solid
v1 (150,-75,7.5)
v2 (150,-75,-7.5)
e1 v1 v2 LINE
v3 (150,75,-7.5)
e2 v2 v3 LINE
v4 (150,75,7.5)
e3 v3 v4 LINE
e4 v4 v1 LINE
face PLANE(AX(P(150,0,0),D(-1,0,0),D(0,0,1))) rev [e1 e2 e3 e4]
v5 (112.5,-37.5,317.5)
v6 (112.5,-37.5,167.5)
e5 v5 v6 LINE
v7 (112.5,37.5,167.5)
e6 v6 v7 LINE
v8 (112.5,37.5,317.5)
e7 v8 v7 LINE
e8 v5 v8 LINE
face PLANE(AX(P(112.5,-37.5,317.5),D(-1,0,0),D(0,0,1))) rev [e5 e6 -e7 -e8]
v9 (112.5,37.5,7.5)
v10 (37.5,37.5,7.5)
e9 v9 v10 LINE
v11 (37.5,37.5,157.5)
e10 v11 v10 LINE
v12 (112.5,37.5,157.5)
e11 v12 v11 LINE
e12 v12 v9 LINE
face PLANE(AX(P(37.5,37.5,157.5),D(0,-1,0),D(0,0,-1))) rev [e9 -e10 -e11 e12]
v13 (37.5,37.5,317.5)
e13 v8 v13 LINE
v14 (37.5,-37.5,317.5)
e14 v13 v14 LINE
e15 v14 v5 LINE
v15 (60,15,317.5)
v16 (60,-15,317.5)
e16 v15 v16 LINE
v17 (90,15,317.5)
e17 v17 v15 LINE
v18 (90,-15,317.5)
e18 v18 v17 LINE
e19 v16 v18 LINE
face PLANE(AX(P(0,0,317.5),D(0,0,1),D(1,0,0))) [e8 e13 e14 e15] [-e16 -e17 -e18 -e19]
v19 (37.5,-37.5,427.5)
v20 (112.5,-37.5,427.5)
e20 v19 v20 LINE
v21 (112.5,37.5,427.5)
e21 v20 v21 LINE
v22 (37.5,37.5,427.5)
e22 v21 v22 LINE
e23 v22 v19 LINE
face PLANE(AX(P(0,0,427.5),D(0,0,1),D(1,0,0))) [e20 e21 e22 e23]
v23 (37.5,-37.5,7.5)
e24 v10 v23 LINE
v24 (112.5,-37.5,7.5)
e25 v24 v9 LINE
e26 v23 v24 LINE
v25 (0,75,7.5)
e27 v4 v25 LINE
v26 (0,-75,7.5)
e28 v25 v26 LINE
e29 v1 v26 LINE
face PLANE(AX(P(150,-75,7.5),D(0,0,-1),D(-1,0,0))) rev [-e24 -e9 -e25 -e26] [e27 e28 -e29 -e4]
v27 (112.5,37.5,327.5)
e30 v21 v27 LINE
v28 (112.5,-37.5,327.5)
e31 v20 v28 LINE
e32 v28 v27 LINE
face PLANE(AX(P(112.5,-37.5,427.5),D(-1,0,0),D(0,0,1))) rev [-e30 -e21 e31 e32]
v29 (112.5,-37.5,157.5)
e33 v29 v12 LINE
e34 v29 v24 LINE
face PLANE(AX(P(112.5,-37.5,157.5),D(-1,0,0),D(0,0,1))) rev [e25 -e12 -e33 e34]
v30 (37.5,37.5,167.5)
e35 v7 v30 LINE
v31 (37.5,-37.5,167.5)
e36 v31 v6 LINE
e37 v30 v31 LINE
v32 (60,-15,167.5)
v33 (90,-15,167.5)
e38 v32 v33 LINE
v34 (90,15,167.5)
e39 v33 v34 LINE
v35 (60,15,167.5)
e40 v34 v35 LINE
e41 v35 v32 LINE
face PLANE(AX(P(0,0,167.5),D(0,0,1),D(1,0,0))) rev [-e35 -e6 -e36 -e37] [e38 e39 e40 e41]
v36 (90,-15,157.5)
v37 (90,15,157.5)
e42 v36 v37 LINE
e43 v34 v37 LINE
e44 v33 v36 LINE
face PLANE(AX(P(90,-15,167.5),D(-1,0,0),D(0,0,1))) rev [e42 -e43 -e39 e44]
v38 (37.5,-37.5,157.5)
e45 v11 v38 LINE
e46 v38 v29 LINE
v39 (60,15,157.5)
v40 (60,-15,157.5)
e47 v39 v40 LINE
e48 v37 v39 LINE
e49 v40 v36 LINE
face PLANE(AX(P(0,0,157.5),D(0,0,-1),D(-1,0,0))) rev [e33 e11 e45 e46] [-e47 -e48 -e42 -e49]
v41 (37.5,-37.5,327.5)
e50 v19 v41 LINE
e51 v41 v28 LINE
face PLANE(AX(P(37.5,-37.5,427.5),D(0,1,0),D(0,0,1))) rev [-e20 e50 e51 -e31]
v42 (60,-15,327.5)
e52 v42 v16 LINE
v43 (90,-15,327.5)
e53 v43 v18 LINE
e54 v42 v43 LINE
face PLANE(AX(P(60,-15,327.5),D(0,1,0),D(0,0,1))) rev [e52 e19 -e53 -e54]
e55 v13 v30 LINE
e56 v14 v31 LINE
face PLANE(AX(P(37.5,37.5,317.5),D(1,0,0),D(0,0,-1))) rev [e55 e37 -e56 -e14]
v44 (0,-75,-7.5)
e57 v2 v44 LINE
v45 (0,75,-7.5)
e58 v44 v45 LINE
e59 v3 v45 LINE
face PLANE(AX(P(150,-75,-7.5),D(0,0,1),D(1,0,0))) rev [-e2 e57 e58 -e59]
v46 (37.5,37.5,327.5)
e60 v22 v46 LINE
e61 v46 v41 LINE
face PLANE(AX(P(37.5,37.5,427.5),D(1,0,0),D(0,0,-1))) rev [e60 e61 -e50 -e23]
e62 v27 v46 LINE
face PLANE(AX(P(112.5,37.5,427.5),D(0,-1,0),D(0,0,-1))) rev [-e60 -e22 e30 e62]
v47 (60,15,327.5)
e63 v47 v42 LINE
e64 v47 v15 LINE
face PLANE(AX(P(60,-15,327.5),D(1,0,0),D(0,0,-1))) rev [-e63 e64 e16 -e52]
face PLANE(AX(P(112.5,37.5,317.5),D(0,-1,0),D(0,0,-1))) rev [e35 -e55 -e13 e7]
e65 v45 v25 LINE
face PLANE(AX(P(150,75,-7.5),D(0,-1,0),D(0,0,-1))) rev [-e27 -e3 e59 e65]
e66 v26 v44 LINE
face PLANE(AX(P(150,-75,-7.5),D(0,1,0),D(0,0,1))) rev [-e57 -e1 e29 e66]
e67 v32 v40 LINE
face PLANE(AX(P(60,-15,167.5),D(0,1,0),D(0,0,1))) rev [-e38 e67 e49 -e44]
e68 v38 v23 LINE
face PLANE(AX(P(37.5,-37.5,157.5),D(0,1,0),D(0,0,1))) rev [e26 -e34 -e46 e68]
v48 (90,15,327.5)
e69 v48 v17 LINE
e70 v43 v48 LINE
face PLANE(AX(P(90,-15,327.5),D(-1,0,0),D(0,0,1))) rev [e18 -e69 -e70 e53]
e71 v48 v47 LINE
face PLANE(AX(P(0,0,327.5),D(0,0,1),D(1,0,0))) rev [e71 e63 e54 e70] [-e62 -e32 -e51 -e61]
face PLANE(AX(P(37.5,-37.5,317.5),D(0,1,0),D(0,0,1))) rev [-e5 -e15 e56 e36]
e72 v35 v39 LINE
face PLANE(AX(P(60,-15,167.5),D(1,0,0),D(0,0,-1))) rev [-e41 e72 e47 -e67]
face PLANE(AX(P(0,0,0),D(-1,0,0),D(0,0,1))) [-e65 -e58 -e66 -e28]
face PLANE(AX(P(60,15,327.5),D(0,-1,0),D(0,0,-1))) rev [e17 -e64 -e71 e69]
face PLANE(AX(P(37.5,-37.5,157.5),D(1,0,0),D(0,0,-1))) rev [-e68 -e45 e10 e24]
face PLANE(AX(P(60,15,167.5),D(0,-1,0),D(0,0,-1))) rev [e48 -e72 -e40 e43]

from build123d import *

# Parameters (mm, degrees)
SKETCH1_W           = 150
SKETCH1_H           = 15
BOSS_EXTRUDE1_DEPTH = 150
SKETCH2_W           = 75
SKETCH2_H           = 75
BOSS_EXTRUDE2_DEPTH = 150
SKETCH3_W           = 30
SKETCH3_H           = 30
BOSS_EXTRUDE3_DEPTH = 10
SKETCH4_W           = 75
SKETCH4_H           = 75
BOSS_EXTRUDE4_DEPTH = 150
LPATTERN1_COUNT     = 2
LPATTERN1_PITCH     = 160
SKETCH5_W           = 75
SKETCH5_H           = 75
BOSS_EXTRUDE5_DEPTH = 100


with BuildPart() as part:
    # Sketch1 → Boss-Extrude1 (new body)
    with BuildSketch(Plane.YZ):
        Rectangle(SKETCH1_W, SKETCH1_H)
    extrude(amount=BOSS_EXTRUDE1_DEPTH)

    # Sketch2 → Boss-Extrude2 (add)
    with BuildSketch(Plane.XY.offset(7.5)):
        with Locations((75, 0)):
            Rectangle(SKETCH2_W, SKETCH2_H)
    extrude(amount=BOSS_EXTRUDE2_DEPTH)

    # Sketch3 → Boss-Extrude3 (add)
    with BuildSketch(Plane.XY.offset(157.5)):
        with Locations((75, 0)):
            Rectangle(SKETCH3_W, SKETCH3_H)
    boss_extrude3 = extrude(amount=BOSS_EXTRUDE3_DEPTH)

    # Sketch4 → Boss-Extrude4 (add)
    with BuildSketch(Plane.XY.offset(167.5)):
        with Locations((75, 0)):
            Rectangle(SKETCH4_W, SKETCH4_H)
    extrude(amount=BOSS_EXTRUDE4_DEPTH)

    # LPattern1: Boss-Extrude3 ×2
    with Locations(*[(0, 0, i * LPATTERN1_PITCH) for i in range(1, LPATTERN1_COUNT)]):
        add(boss_extrude3)

    # Sketch5 → Boss-Extrude5 (add)
    with BuildSketch(Plane.XY.offset(327.5)):
        with Locations((75, 0)):
            Rectangle(SKETCH5_W, SKETCH5_H)
    extrude(amount=BOSS_EXTRUDE5_DEPTH)


solid = part.part
